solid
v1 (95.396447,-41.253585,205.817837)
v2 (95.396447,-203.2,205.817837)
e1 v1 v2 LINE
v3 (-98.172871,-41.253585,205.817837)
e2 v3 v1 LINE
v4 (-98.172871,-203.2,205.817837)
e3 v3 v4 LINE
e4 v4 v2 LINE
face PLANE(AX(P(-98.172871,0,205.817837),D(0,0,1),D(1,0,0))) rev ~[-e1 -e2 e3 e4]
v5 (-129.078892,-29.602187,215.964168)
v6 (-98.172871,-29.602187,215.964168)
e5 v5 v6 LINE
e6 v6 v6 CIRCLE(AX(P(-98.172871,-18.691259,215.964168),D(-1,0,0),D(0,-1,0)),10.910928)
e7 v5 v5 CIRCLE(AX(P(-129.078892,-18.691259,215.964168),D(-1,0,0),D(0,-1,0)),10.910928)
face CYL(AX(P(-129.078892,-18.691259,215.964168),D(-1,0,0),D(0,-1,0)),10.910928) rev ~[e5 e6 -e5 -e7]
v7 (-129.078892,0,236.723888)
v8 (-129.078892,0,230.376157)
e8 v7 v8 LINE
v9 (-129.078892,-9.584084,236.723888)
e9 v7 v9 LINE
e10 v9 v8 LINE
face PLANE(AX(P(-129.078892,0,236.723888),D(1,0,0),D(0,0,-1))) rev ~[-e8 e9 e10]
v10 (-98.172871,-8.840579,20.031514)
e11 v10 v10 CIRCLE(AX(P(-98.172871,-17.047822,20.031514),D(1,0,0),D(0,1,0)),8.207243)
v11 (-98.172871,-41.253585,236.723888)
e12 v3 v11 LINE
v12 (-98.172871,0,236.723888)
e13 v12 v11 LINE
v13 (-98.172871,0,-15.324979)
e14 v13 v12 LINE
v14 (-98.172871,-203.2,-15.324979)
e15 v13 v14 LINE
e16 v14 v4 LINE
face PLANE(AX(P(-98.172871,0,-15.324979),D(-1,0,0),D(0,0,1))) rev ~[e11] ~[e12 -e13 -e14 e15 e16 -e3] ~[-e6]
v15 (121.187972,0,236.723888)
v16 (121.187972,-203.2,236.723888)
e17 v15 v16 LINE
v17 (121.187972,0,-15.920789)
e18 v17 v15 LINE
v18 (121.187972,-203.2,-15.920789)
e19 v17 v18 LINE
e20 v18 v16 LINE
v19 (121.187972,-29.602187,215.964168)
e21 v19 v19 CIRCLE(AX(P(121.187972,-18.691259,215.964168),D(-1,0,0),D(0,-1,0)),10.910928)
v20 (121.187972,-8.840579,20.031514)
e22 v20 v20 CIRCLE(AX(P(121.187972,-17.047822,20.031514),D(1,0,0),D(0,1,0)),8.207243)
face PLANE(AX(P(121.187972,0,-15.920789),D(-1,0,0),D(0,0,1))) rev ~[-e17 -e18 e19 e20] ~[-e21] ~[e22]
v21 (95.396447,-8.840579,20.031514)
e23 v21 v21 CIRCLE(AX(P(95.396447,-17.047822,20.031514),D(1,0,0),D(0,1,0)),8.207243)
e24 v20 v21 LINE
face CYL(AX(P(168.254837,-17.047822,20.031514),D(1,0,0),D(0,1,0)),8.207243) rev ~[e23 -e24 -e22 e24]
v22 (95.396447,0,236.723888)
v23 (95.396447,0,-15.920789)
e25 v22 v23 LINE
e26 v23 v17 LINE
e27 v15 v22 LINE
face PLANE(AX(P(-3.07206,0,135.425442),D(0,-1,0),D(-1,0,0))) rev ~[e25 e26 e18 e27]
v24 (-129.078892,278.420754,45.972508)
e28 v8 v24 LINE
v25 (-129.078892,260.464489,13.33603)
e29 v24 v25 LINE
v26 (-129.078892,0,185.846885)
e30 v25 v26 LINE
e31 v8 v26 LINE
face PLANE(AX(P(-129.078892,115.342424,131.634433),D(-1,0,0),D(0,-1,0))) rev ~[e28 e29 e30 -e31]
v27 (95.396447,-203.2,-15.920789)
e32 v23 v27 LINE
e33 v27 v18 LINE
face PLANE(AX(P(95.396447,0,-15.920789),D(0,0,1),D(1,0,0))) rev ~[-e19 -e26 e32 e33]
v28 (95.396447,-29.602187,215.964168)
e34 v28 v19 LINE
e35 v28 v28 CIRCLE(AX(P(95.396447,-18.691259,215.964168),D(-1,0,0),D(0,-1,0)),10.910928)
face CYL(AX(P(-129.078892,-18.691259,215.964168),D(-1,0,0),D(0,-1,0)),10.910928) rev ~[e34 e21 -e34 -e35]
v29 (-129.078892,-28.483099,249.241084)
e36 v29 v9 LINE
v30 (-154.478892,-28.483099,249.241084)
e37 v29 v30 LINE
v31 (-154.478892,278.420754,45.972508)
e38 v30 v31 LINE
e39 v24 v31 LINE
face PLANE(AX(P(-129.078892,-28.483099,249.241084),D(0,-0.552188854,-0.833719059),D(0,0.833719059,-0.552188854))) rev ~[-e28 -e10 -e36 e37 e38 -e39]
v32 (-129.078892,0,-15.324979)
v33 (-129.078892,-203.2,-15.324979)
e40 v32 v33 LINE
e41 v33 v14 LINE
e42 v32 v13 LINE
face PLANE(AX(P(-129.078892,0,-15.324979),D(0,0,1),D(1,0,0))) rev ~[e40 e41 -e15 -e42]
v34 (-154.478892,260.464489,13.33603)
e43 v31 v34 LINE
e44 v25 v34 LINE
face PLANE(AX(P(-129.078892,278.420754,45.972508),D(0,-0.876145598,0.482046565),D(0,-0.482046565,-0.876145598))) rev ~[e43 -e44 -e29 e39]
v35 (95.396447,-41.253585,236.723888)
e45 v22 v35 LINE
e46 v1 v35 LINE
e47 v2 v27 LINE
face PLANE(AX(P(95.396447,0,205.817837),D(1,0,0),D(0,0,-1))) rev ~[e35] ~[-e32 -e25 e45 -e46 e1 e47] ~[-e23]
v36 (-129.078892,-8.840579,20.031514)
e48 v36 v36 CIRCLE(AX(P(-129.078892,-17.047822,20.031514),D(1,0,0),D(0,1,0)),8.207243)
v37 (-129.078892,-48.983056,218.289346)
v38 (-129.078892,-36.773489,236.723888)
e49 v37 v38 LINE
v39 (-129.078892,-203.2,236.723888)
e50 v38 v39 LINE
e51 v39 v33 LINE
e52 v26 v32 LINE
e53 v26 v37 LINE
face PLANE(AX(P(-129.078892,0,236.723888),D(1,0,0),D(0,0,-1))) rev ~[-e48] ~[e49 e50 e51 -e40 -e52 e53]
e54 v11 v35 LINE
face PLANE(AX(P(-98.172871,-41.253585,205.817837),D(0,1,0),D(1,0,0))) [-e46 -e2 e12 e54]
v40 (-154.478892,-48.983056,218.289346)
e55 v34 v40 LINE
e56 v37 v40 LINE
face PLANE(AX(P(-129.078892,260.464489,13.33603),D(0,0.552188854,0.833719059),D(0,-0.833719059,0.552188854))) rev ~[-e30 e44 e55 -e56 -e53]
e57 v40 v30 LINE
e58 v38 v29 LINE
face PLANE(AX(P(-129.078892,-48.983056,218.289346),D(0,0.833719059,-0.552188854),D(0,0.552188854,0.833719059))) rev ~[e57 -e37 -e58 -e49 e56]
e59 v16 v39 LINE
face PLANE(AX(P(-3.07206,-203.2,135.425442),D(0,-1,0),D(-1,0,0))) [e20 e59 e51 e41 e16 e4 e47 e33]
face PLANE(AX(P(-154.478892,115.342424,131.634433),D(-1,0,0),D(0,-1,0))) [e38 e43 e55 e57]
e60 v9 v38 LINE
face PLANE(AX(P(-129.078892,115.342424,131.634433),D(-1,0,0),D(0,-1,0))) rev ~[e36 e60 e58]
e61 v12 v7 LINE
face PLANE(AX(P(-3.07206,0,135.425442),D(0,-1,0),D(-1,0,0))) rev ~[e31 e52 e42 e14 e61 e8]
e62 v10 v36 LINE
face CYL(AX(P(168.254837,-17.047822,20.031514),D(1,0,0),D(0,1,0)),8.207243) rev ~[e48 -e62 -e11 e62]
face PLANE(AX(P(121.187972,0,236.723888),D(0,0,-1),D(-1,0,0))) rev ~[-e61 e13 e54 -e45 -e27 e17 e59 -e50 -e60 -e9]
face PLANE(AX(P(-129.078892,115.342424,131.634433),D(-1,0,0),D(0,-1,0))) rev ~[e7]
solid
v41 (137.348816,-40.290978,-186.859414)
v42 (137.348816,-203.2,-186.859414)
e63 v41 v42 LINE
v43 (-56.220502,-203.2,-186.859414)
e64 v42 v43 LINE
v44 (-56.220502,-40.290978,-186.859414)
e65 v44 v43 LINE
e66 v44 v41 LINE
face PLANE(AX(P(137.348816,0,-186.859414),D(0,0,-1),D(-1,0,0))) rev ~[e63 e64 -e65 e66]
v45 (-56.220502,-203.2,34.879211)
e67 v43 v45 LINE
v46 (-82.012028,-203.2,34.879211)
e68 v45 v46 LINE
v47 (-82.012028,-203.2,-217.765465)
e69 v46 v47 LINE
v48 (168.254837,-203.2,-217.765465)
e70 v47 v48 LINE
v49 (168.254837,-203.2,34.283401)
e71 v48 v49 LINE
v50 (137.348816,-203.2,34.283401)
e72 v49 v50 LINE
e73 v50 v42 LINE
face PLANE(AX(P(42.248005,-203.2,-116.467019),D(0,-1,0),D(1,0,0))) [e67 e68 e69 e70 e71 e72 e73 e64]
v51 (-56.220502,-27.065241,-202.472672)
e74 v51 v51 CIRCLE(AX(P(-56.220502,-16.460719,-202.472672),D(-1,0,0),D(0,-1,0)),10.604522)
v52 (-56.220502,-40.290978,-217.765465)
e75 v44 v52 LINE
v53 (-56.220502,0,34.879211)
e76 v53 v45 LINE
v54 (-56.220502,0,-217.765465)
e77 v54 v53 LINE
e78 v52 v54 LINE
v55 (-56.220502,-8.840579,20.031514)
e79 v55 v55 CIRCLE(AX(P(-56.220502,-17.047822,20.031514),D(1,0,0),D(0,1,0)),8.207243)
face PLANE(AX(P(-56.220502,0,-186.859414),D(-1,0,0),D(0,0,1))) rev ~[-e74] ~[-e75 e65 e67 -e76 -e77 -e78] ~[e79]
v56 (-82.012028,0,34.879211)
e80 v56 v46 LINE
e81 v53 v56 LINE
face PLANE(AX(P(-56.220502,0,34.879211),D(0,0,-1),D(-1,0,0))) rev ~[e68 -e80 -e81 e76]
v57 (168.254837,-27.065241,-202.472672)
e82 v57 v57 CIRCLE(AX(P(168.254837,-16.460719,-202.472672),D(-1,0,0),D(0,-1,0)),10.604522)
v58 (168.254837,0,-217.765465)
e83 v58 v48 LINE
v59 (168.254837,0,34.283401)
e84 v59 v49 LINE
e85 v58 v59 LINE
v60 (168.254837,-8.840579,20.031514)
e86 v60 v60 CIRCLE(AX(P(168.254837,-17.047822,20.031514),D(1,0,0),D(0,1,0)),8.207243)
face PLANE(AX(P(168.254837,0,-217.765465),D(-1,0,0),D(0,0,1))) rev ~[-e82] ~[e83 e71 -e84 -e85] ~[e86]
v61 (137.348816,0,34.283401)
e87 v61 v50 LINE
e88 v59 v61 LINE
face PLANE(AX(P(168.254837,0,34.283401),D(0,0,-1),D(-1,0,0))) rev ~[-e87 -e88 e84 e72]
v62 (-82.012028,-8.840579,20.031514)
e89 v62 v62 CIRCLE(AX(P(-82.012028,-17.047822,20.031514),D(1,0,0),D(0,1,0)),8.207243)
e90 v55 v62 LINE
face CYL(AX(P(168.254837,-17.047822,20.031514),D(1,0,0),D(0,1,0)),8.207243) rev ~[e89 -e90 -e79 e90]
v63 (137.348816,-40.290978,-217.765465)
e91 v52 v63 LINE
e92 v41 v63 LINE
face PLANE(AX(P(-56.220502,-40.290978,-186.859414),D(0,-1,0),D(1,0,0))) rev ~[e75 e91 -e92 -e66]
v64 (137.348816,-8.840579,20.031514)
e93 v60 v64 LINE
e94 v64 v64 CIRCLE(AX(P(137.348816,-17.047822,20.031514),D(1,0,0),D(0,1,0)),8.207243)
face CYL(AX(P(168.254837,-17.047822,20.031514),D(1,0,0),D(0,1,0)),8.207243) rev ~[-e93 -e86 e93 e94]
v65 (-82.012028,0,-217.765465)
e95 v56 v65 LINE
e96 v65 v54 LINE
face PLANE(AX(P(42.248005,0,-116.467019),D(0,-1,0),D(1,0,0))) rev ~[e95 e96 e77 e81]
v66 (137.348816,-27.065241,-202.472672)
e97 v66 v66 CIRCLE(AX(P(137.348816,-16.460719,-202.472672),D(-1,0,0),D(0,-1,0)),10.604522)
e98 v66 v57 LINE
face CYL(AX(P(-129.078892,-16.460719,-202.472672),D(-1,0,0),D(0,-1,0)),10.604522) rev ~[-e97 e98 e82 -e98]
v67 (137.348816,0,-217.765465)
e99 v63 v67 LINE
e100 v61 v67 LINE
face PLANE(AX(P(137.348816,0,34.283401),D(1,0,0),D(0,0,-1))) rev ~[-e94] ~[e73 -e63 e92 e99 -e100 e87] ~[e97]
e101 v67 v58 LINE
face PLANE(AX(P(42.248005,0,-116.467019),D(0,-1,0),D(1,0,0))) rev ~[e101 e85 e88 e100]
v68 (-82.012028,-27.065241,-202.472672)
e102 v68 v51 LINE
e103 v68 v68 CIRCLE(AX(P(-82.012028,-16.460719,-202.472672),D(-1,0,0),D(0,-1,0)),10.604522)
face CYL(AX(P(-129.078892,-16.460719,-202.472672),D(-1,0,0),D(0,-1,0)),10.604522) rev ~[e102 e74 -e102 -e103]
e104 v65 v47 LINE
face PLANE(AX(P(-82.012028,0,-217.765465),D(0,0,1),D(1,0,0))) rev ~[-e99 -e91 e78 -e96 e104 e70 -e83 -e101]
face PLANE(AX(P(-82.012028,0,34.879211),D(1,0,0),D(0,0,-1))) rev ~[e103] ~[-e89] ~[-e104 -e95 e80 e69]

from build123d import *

# Parameters (mm, degrees)
F1_DEPTH  = 203.2
F3_ANGLE  = 180
F6_R      = 8.207243473
F7_DEPTH  = 297.3347297916
F8_W      = 193.5693174601
F8_H      = 41.2535853684
F9_DEPTH  = 30.9070513973
F10_W     = 193.5693174601
F10_H     = 40.2909778059
F11_DEPTH = 30.9070513973
F12_R     = 10.9109281405
F12_R_2   = 10.604522365
F13_DEPTH = 297.3347297916
F15_DEPTH = 25.4


with BuildPart() as f1:
    # F0 (on Front) → F1 (new body)
    with BuildSketch(Plane.XZ):
        Polygon((-56.2205016613, 34.8792113364), (-82.0120275021, 34.8792113364), (-82.0120275021, -217.7654653788), (168.2548373938, -217.7654653788), (168.2548373938, 34.2834014446), (137.3488157988, 34.2834014446), (137.3488157988, -186.8594139814), (-56.2205016613, -186.8594139814), align=None)
    extrude(amount=F1_DEPTH)


with BuildPart() as f2_1:
    # F2: copy of F1
    add(f1.part.moved(Location((254, 0, 0))))


with BuildPart() as f2_1_1:
    # F3: moved
    add(f2_1.part.rotate(Axis((171.9879724979, -101.6, 34.8792113364), (0, 1, 0)), F3_ANGLE))


with BuildPart() as f2_1_2:
    # F4: moved
    add(f2_1_1.part.moved(Location((0, 0, -50.8))))


with BuildPart() as f2_1_3:
    # F5: moved
    add(f2_1_2.part.moved(Location((-50.8, 0, 0))))


with BuildPart() as f7_tool:
    # F6 (on face) → F7 (new body, through all)
    with BuildSketch(Plane.YZ.offset(168.2548373938)):
        with Locations((-17.0478224754, 20.0315136462)):
            Circle(F6_R)
    extrude(amount=-F7_DEPTH)


with BuildPart() as f1_1:
    add(f1.part)

    # F7: cut by f7_tool
    add(f7_tool.part, mode=Mode.SUBTRACT)

    # F10 (on face) → F11 (cut, through all)
    with BuildSketch(Plane.XY.offset(-186.8594139814)):
        with Locations((40.5641570687, -20.1454889029)):
            Rectangle(F10_W, F10_H)
    extrude(amount=-F11_DEPTH, mode=Mode.SUBTRACT)


with BuildPart() as f2_1_4:
    add(f2_1_3.part)

    # F7: cut by f7_tool
    add(f7_tool.part, mode=Mode.SUBTRACT)

    # F8 (on face) → F9 (cut, through all)
    with BuildSketch(Plane(origin=(0, 0, 205.8178366542), x_dir=(1, 0, 0), z_dir=(0, 0, -1))):
        with Locations((-1.3882120728, 20.6267926842)):
            Rectangle(F8_W, F8_H)
    extrude(amount=-F9_DEPTH, mode=Mode.SUBTRACT)


with BuildPart() as f13_tool:
    # F12 (on face) → F13 (new body, through all)
    with BuildSketch(Plane(origin=(-129.0788923979, 0, 0), x_dir=(0, -1, 0), z_dir=(-1, 0, 0))):
        with Locations((18.691258505, 215.9641683102)):
            Circle(F12_R)
        with Locations((16.460718587, -202.4726718664)):
            Circle(F12_R_2)
    extrude(amount=-F13_DEPTH)


with BuildPart() as f1_2:
    add(f1_1.part)

    # F13: cut by f13_tool
    add(f13_tool.part, mode=Mode.SUBTRACT)


with BuildPart() as f2_1_5:
    add(f2_1_4.part)

    # F13: cut by f13_tool
    add(f13_tool.part, mode=Mode.SUBTRACT)

    # F14 (on face) → F15 (join)
    with BuildSketch(Plane(origin=(-129.0788923979, 0, 0), x_dir=(0, -1, 0), z_dir=(-1, 0, 0))):
        Polygon((-278.4207538602, 45.9725076163), (-260.46448946, 13.336029835), (48.9830560982, 218.2893455029), (28.4830986757, 249.2410843794), align=None)
    extrude(amount=F15_DEPTH)


solid = Compound([f1_2.part, f2_1_5.part])
